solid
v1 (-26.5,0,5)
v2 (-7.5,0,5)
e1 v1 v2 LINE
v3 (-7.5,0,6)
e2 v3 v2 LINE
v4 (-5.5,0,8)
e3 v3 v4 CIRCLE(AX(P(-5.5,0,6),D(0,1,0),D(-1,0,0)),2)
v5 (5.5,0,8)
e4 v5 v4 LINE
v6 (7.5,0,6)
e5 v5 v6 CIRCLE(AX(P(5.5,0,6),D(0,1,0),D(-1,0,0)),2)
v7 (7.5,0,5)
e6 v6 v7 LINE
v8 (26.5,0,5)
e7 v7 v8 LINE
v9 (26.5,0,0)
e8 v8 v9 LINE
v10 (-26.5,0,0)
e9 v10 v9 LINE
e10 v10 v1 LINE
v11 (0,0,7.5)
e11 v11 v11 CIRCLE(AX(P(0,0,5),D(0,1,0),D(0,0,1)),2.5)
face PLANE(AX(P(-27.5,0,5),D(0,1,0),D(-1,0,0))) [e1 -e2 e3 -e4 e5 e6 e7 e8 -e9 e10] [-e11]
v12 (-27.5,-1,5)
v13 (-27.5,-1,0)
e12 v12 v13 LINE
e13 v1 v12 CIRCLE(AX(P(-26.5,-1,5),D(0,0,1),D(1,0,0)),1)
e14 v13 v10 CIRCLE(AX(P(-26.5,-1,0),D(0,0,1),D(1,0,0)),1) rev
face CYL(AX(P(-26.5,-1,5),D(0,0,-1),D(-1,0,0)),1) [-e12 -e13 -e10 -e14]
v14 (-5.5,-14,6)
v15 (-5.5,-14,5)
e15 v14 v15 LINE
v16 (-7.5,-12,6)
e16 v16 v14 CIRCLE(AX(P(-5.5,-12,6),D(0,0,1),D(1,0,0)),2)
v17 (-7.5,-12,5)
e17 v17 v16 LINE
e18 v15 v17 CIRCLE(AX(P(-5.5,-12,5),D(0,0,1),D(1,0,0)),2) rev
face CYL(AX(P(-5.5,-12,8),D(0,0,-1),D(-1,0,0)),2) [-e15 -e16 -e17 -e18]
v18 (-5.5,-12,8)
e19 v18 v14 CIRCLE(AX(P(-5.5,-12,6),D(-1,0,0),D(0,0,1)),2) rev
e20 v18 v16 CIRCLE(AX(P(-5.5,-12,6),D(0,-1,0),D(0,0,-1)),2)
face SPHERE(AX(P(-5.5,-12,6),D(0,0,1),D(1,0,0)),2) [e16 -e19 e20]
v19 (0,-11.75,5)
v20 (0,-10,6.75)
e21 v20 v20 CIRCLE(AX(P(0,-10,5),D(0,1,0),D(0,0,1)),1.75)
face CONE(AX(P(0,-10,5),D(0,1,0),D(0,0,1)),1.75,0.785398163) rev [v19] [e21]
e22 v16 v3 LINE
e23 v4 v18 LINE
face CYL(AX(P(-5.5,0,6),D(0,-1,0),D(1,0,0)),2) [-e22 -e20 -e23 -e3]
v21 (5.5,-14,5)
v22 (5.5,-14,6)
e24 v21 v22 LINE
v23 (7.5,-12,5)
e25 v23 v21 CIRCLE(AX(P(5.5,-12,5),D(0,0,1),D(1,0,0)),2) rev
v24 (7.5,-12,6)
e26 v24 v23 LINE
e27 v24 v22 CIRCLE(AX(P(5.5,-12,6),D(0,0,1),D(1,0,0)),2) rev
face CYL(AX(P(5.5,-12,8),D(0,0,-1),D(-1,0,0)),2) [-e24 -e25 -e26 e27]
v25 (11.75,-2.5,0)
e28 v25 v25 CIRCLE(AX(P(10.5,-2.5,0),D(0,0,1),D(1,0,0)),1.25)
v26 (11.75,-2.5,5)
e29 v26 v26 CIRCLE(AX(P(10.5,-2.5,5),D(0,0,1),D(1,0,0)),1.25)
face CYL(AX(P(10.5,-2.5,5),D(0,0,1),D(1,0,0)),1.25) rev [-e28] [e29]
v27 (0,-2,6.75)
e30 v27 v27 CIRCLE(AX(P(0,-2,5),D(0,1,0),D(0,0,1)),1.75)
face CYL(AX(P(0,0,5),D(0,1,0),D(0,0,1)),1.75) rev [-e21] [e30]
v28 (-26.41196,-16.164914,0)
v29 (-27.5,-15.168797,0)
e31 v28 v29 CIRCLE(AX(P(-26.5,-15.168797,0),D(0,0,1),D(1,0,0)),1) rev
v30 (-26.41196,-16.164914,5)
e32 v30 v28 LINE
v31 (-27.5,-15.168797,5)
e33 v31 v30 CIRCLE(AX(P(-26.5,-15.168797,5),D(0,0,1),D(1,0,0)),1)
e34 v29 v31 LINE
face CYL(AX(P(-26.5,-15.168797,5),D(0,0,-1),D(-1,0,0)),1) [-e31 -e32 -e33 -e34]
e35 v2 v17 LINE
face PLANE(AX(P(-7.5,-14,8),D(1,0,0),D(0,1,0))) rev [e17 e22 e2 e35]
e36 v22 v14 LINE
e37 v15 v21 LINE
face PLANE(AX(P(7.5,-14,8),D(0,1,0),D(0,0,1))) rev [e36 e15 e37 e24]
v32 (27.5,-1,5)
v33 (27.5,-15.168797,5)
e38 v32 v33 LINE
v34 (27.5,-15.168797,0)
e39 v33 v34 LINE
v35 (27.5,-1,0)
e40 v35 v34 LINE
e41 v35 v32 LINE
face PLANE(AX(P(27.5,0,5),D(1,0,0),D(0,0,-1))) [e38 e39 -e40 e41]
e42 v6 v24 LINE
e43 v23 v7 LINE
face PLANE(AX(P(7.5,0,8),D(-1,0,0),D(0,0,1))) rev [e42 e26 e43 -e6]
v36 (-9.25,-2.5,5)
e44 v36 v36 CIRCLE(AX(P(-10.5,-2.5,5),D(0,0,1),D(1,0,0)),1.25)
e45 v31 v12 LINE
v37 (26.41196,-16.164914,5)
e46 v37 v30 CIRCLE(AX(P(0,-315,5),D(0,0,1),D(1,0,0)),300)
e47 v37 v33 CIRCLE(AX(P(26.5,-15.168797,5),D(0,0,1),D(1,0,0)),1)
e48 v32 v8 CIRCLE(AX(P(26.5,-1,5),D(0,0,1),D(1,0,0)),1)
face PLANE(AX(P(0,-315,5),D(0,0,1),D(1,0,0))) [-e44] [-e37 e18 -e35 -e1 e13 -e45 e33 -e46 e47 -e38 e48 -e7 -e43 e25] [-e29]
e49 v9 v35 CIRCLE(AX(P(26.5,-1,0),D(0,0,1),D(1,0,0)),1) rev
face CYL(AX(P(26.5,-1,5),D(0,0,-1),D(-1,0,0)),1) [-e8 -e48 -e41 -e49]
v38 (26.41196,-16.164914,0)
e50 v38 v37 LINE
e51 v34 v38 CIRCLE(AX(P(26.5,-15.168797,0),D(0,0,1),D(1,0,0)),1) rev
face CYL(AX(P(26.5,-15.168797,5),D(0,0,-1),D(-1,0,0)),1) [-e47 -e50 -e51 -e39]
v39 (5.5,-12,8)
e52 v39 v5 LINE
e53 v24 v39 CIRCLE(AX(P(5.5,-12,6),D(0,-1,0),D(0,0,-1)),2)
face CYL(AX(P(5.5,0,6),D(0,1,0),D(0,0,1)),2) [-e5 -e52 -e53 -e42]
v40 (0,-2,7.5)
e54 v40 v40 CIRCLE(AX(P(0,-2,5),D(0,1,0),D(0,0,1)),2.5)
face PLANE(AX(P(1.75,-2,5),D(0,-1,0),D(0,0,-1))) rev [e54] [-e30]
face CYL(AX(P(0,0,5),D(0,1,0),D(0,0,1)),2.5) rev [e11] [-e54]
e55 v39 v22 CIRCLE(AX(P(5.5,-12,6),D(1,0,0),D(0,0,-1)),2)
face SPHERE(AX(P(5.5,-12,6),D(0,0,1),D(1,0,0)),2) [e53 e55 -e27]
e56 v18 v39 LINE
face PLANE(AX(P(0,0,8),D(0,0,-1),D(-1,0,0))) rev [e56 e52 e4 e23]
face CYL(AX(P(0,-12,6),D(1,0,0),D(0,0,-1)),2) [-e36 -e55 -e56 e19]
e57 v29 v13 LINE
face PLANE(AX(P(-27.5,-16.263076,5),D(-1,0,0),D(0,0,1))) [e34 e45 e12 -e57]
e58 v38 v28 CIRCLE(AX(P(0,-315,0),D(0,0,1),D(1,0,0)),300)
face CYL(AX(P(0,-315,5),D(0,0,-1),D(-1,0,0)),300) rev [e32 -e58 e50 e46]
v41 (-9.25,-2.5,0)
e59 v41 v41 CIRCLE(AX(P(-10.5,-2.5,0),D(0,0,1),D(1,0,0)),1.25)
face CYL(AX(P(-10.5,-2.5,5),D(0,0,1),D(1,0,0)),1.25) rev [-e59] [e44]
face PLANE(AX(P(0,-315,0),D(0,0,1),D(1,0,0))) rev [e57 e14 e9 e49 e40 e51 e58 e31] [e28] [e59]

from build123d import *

# Parameters (mm, degrees)
BOSS_EXTRUDE1_DEPTH                     = 5
SKETCH4_W                               = 15
SKETCH4_H                               = 14
BOSS_EXTRUDE2_DEPTH                     = 3
CBORE_FOR_M6_HEX_HEAD_BOLT1_D           = 3.5
CBORE_FOR_M6_HEX_HEAD_BOLT1_DEPTH       = 10
CBORE_FOR_M6_HEX_HEAD_BOLT1_CBORE_D     = 5
CBORE_FOR_M6_HEX_HEAD_BOLT1_CBORE_DEPTH = 2
CBORE_FOR_M6_HEX_HEAD_BOLT1_TIP         = 1.75
FILLET1_R                               = 1
FILLET2_R                               = 2
M3X0_5_TAPPED_HOLE1_D                   = 2.5
M3X0_5_TAPPED_HOLE1_DEPTH               = 5
M3X0_5_TAPPED_HOLE1_TIP                 = 0.751075774


with BuildPart() as part:
    # Sketch1 → Boss-Extrude1 (new body)
    with BuildSketch(Plane(origin=(0, 0, 0), x_dir=(-1, 0, 0), z_dir=(0, 0, -1))):
        with BuildLine():
            Line((27.500000074, -16.263075607), (27.500000074, 0))
            Line((27.500000074, 0), (-27.5, 0))
            Line((-27.5, 0), (-27.5, -16.2630756))
            ThreePointArc((-27.5, -16.2630756), (3.7e-08, -15), (27.500000074, -16.263075607))
        make_face()
    extrude(amount=-BOSS_EXTRUDE1_DEPTH)

    # Sketch4 → Boss-Extrude2 (add)
    with BuildSketch(Plane.XY.offset(5)):
        with Locations((0, -7)):
            Rectangle(SKETCH4_W, SKETCH4_H)
    extrude(amount=BOSS_EXTRUDE2_DEPTH)

    # CBORE for M6 Hex Head Bolt1
    with Locations(Plane(origin=(0, 0, 0), x_dir=(1, 0, 0), z_dir=(0, 1, 0))):
        with Locations((0, -5)):
            CounterBoreHole(CBORE_FOR_M6_HEX_HEAD_BOLT1_D / 2, CBORE_FOR_M6_HEX_HEAD_BOLT1_CBORE_D / 2, CBORE_FOR_M6_HEX_HEAD_BOLT1_CBORE_DEPTH, depth=CBORE_FOR_M6_HEX_HEAD_BOLT1_DEPTH)
            with Locations((0, 0, -(CBORE_FOR_M6_HEX_HEAD_BOLT1_DEPTH + CBORE_FOR_M6_HEX_HEAD_BOLT1_TIP / 2))):  # 90° drill point
                Cone(0, CBORE_FOR_M6_HEX_HEAD_BOLT1_D / 2, CBORE_FOR_M6_HEX_HEAD_BOLT1_TIP, mode=Mode.SUBTRACT)

    # Fillet1
    fillet1_edges = [part.edges().sort_by_distance(p)[0] for p in [
        (27.5, 0, 2.5),
        (-27.500000074, 0, 2.5),
        (27.5, -16.2630756, 2.5),
        (-27.500000074, -16.263075607, 2.5),
    ]]
    fillet(fillet1_edges, radius=FILLET1_R)

    # Fillet2
    fillet2_edges = [part.edges().sort_by_distance(p)[0] for p in [
        (7.5, -14, 6.5),
        (7.5, -7, 8),
        (-7.5, -14, 6.5),
        (0, -14, 8),
        (-7.5, -7, 8),
    ]]
    fillet(fillet2_edges, radius=FILLET2_R)

    # M3x0.5 Tapped Hole1
    with Locations(Plane(origin=(-10.5, -2.5, 5), x_dir=(1, 0, 0), z_dir=(0, 0, 1))):
        with Locations((0, 0), (21, 0)):
            Hole(M3X0_5_TAPPED_HOLE1_D / 2, depth=M3X0_5_TAPPED_HOLE1_DEPTH)
            with Locations((0, 0, -(M3X0_5_TAPPED_HOLE1_DEPTH + M3X0_5_TAPPED_HOLE1_TIP / 2))):  # 118° drill point
                Cone(0, M3X0_5_TAPPED_HOLE1_D / 2, M3X0_5_TAPPED_HOLE1_TIP, mode=Mode.SUBTRACT)


solid = part.part
